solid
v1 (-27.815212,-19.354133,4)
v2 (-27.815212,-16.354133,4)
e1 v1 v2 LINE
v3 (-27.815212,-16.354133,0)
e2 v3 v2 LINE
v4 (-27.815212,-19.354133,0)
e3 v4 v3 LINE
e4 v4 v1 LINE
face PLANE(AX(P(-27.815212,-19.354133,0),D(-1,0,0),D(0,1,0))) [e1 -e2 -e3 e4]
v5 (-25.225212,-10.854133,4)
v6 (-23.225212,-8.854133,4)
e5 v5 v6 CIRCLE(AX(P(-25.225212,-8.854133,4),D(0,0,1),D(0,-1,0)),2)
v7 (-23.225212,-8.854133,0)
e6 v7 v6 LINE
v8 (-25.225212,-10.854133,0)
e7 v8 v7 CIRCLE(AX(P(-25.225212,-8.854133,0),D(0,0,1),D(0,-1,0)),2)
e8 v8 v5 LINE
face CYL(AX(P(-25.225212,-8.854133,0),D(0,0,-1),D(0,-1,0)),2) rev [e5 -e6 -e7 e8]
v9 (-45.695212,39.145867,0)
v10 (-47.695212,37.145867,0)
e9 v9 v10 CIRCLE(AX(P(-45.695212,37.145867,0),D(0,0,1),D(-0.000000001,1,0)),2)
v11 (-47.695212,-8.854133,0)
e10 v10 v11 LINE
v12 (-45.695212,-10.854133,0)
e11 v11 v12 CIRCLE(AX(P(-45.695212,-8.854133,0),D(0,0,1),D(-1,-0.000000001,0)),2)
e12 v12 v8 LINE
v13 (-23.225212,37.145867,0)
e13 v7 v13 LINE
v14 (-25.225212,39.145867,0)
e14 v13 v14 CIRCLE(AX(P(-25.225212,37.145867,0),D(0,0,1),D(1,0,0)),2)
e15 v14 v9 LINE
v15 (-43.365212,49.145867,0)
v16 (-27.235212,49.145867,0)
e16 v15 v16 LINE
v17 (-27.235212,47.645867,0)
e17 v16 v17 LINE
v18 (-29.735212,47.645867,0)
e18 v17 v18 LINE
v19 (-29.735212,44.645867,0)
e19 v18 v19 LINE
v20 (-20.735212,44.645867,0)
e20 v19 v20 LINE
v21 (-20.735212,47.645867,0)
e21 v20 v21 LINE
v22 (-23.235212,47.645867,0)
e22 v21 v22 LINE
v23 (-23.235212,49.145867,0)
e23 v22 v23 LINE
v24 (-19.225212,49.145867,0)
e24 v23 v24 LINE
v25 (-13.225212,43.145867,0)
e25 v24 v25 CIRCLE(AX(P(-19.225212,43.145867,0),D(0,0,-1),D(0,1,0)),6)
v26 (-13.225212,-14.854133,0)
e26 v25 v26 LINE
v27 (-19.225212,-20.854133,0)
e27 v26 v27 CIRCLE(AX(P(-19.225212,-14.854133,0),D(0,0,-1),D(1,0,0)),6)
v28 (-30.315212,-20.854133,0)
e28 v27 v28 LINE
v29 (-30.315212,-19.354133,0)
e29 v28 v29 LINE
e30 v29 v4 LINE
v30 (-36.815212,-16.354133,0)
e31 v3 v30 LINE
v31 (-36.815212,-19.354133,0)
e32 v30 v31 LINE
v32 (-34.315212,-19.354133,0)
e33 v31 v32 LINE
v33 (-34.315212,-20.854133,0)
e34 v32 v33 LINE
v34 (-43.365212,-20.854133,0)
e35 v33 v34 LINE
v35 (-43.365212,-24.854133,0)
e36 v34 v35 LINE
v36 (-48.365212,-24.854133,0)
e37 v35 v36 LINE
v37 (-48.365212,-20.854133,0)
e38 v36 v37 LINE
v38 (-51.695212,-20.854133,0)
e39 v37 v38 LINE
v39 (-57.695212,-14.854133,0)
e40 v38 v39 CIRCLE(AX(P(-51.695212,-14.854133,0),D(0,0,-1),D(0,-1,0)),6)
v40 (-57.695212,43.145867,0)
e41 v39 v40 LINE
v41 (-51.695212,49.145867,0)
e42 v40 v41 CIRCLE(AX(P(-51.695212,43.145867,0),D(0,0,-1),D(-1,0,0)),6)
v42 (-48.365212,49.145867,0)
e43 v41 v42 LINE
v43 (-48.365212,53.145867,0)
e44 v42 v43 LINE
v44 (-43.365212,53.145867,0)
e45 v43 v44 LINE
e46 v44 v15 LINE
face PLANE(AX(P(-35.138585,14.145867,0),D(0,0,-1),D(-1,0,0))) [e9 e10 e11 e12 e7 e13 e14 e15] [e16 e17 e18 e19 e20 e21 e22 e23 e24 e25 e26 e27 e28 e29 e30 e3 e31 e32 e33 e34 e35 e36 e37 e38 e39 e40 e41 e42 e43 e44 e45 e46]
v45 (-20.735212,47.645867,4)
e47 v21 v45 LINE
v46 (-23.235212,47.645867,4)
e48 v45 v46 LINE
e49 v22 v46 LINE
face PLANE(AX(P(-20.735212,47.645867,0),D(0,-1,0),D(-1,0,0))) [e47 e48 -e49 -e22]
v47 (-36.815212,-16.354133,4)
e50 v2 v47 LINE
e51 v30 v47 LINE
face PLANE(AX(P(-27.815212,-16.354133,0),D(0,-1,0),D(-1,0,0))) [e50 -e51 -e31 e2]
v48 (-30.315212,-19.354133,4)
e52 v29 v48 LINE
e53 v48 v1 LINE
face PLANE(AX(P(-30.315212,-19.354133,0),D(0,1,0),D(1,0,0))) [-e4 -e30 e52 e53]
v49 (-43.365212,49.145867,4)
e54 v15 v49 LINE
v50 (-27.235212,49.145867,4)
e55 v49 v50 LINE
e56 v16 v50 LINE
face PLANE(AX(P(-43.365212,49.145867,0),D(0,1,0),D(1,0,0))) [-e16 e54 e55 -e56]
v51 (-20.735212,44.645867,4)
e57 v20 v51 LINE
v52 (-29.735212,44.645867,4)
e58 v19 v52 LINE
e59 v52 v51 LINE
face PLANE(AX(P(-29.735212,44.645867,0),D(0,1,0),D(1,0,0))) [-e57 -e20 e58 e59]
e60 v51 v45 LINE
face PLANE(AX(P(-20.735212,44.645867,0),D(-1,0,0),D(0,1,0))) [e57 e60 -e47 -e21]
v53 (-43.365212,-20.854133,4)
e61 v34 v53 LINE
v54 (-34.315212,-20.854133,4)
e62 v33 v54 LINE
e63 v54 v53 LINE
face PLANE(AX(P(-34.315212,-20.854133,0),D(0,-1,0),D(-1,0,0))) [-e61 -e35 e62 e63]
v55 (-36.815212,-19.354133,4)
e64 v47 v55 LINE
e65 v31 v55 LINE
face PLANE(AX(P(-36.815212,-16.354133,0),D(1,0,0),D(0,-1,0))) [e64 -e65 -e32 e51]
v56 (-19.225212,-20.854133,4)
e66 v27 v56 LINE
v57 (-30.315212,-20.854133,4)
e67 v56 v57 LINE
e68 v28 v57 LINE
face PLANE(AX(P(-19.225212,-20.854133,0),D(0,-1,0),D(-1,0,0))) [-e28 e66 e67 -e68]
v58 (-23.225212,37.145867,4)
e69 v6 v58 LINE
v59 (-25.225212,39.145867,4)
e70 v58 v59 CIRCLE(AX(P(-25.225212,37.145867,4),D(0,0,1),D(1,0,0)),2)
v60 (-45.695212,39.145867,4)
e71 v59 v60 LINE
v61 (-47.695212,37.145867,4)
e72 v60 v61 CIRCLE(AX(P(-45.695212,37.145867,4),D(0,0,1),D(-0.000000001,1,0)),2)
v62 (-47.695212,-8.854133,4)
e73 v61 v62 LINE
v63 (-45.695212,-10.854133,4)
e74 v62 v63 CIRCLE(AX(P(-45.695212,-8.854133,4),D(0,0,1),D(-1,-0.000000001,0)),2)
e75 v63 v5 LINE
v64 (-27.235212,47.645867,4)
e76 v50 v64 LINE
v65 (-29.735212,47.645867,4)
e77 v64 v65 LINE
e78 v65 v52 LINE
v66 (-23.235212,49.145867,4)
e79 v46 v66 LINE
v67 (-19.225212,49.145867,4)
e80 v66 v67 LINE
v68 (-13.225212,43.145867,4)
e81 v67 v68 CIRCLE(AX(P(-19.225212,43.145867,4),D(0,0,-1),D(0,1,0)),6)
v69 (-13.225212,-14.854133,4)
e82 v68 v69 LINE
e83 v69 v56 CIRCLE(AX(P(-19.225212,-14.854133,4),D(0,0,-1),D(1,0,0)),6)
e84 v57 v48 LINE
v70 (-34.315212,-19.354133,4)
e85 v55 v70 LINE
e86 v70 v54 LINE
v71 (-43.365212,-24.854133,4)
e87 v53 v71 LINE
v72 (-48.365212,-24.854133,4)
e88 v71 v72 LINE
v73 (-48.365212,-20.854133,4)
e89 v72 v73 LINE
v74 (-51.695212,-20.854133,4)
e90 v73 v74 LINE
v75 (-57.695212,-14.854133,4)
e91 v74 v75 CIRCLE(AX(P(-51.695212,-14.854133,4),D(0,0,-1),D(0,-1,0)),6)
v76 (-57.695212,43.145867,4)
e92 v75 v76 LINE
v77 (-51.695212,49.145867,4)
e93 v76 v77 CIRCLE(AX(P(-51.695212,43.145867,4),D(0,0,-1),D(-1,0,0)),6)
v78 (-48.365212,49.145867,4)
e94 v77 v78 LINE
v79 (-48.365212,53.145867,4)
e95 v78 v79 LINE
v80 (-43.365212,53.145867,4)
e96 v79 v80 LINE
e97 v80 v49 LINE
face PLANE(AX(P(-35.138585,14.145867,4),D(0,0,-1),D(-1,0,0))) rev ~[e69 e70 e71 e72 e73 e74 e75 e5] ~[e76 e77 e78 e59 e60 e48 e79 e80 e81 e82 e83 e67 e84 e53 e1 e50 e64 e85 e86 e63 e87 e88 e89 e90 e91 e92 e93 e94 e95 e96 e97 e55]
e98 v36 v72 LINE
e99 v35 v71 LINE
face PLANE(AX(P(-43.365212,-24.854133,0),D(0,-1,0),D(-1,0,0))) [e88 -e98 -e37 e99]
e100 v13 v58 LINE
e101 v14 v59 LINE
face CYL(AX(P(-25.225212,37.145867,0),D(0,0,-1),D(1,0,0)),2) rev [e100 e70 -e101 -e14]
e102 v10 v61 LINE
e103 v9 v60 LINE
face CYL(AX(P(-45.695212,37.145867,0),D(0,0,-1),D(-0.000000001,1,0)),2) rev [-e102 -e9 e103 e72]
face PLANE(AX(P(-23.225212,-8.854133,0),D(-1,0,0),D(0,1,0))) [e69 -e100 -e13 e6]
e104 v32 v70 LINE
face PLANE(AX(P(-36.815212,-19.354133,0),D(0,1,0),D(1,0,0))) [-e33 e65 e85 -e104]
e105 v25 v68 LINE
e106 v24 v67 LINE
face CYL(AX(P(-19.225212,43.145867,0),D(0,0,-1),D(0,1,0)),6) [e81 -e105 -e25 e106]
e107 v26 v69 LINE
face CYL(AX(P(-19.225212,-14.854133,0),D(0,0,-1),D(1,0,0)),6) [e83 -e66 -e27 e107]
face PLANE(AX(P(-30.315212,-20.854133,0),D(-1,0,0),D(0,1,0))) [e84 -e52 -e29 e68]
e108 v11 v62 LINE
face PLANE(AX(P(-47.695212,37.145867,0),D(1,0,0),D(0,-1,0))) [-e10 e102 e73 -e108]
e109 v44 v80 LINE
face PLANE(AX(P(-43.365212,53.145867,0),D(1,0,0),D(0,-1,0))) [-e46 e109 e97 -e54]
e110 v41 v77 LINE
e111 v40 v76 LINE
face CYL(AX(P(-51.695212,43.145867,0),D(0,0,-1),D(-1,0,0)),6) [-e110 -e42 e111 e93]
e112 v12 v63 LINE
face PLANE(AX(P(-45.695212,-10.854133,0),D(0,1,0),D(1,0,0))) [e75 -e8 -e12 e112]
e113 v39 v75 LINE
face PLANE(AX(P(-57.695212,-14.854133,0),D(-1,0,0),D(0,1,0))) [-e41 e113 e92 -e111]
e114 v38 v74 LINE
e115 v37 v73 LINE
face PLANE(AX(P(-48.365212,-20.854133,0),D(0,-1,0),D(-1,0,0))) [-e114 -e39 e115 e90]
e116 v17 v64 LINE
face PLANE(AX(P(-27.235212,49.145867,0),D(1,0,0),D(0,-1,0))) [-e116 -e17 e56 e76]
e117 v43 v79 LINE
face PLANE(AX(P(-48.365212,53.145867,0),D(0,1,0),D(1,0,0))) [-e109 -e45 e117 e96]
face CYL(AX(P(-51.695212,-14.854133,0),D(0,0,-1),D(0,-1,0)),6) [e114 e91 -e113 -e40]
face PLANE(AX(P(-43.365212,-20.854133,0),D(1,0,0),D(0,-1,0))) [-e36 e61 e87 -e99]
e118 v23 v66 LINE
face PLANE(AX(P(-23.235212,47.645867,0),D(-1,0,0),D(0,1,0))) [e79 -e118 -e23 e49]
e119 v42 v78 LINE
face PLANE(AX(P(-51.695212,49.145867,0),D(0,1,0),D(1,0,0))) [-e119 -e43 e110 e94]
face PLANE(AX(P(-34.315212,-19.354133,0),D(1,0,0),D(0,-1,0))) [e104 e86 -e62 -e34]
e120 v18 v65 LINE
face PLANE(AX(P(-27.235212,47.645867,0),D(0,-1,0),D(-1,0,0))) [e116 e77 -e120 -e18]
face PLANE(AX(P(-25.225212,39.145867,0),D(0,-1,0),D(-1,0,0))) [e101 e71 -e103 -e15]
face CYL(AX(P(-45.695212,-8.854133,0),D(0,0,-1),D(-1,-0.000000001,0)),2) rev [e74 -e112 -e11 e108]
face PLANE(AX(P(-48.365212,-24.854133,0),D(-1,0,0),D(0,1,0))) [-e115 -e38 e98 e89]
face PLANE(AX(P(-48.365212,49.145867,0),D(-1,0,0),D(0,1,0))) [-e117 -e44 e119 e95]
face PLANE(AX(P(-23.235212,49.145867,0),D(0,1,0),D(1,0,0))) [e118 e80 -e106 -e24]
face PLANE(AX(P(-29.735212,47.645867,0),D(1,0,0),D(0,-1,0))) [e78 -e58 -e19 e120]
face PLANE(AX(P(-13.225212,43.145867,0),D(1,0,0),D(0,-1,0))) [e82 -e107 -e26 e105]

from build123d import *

# Parameters (mm, degrees)
SALIENTE_EXTRUIR1_DEPTH = 4


with BuildPart() as part:
    # Croquis1 → Saliente-Extruir1 (new body)
    with BuildSketch(Plane.XY):
        with BuildLine():
            Line((-48.365211809, -20.854133368), (-51.695211809, -20.854133368))
            ThreePointArc((-51.695211809, -20.854133368), (-55.937852496, -19.096774055), (-57.695211809, -14.854133368))
            Line((-57.695211809, -14.854133368), (-57.695211809, 43.145866632))
            ThreePointArc((-57.695211809, 43.145866632), (-55.937852496, 47.388507319), (-51.695211809, 49.145866632))
            Line((-51.695211809, 49.145866632), (-48.365211809, 49.145866632))
            Line((-48.365211809, 49.145866632), (-48.365211809, 53.145866632))
            Line((-48.365211809, 53.145866632), (-43.365211809, 53.145866632))
            Line((-43.365211809, 53.145866632), (-43.365211809, 49.145866632))
            Line((-43.365211809, 49.145866632), (-27.235211809, 49.145866632))
            Line((-27.235211809, 49.145866632), (-27.235211809, 47.645866632))
            Line((-27.235211809, 47.645866632), (-29.735211809, 47.645866632))
            Line((-29.735211809, 47.645866632), (-29.735211809, 44.645866632))
            Line((-29.735211809, 44.645866632), (-20.735211809, 44.645866632))
            Line((-20.735211809, 44.645866632), (-20.735211809, 47.645866632))
            Line((-20.735211809, 47.645866632), (-23.235211809, 47.645866632))
            Line((-23.235211809, 47.645866632), (-23.235211809, 49.145866632))
            Line((-23.235211809, 49.145866632), (-19.225211809, 49.145866632))
            ThreePointArc((-19.225211809, 49.145866632), (-14.982571122, 47.388507319), (-13.225211809, 43.145866632))
            Line((-13.225211809, 43.145866632), (-13.225211809, -14.854133368))
            ThreePointArc((-13.225211809, -14.854133368), (-14.982571122, -19.096774055), (-19.225211809, -20.854133368))
            Line((-19.225211809, -20.854133368), (-30.315211809, -20.854133368))
            Line((-30.315211809, -20.854133368), (-30.315211809, -19.354133368))
            Line((-30.315211809, -19.354133368), (-27.815211809, -19.354133368))
            Line((-27.815211809, -19.354133368), (-27.815211809, -16.354133368))
            Line((-27.815211809, -16.354133368), (-36.815211809, -16.354133368))
            Line((-36.815211809, -16.354133368), (-36.815211809, -19.354133368))
            Line((-36.815211809, -19.354133368), (-34.315211809, -19.354133368))
            Line((-34.315211809, -19.354133368), (-34.315211809, -20.854133368))
            Line((-34.315211809, -20.854133368), (-43.365211809, -20.854133368))
            Line((-43.365211809, -20.854133368), (-43.365211809, -24.854133368))
            Line((-43.365211809, -24.854133368), (-48.365211809, -24.854133368))
            Line((-48.365211809, -24.854133368), (-48.365211809, -20.854133368))
        make_face()
        with BuildLine():
            Line((-47.695211809, 14.145866632), (-47.695211809, -8.854133368))
            ThreePointArc((-47.695211809, -8.854133368), (-47.109425371, -10.26834693), (-45.695211809, -10.854133368))
            Line((-45.695211809, -10.854133368), (-25.225211809, -10.854133368))
            ThreePointArc((-25.225211809, -10.854133368), (-23.810998246, -10.26834693), (-23.225211809, -8.854133368))
            Line((-23.225211809, -8.854133368), (-23.225211809, 37.145866632))
            ThreePointArc((-23.225211809, 37.145866632), (-23.810998246, 38.560080194), (-25.225211809, 39.145866632))
            Line((-25.225211809, 39.145866632), (-45.695211809, 39.145866632))
            ThreePointArc((-45.695211809, 39.145866632), (-47.109425371, 38.560080194), (-47.695211809, 37.145866632))
            Line((-47.695211809, 37.145866632), (-47.695211809, 14.145866632))
        make_face(mode=Mode.SUBTRACT)
    extrude(amount=SALIENTE_EXTRUIR1_DEPTH)


solid = part.part
